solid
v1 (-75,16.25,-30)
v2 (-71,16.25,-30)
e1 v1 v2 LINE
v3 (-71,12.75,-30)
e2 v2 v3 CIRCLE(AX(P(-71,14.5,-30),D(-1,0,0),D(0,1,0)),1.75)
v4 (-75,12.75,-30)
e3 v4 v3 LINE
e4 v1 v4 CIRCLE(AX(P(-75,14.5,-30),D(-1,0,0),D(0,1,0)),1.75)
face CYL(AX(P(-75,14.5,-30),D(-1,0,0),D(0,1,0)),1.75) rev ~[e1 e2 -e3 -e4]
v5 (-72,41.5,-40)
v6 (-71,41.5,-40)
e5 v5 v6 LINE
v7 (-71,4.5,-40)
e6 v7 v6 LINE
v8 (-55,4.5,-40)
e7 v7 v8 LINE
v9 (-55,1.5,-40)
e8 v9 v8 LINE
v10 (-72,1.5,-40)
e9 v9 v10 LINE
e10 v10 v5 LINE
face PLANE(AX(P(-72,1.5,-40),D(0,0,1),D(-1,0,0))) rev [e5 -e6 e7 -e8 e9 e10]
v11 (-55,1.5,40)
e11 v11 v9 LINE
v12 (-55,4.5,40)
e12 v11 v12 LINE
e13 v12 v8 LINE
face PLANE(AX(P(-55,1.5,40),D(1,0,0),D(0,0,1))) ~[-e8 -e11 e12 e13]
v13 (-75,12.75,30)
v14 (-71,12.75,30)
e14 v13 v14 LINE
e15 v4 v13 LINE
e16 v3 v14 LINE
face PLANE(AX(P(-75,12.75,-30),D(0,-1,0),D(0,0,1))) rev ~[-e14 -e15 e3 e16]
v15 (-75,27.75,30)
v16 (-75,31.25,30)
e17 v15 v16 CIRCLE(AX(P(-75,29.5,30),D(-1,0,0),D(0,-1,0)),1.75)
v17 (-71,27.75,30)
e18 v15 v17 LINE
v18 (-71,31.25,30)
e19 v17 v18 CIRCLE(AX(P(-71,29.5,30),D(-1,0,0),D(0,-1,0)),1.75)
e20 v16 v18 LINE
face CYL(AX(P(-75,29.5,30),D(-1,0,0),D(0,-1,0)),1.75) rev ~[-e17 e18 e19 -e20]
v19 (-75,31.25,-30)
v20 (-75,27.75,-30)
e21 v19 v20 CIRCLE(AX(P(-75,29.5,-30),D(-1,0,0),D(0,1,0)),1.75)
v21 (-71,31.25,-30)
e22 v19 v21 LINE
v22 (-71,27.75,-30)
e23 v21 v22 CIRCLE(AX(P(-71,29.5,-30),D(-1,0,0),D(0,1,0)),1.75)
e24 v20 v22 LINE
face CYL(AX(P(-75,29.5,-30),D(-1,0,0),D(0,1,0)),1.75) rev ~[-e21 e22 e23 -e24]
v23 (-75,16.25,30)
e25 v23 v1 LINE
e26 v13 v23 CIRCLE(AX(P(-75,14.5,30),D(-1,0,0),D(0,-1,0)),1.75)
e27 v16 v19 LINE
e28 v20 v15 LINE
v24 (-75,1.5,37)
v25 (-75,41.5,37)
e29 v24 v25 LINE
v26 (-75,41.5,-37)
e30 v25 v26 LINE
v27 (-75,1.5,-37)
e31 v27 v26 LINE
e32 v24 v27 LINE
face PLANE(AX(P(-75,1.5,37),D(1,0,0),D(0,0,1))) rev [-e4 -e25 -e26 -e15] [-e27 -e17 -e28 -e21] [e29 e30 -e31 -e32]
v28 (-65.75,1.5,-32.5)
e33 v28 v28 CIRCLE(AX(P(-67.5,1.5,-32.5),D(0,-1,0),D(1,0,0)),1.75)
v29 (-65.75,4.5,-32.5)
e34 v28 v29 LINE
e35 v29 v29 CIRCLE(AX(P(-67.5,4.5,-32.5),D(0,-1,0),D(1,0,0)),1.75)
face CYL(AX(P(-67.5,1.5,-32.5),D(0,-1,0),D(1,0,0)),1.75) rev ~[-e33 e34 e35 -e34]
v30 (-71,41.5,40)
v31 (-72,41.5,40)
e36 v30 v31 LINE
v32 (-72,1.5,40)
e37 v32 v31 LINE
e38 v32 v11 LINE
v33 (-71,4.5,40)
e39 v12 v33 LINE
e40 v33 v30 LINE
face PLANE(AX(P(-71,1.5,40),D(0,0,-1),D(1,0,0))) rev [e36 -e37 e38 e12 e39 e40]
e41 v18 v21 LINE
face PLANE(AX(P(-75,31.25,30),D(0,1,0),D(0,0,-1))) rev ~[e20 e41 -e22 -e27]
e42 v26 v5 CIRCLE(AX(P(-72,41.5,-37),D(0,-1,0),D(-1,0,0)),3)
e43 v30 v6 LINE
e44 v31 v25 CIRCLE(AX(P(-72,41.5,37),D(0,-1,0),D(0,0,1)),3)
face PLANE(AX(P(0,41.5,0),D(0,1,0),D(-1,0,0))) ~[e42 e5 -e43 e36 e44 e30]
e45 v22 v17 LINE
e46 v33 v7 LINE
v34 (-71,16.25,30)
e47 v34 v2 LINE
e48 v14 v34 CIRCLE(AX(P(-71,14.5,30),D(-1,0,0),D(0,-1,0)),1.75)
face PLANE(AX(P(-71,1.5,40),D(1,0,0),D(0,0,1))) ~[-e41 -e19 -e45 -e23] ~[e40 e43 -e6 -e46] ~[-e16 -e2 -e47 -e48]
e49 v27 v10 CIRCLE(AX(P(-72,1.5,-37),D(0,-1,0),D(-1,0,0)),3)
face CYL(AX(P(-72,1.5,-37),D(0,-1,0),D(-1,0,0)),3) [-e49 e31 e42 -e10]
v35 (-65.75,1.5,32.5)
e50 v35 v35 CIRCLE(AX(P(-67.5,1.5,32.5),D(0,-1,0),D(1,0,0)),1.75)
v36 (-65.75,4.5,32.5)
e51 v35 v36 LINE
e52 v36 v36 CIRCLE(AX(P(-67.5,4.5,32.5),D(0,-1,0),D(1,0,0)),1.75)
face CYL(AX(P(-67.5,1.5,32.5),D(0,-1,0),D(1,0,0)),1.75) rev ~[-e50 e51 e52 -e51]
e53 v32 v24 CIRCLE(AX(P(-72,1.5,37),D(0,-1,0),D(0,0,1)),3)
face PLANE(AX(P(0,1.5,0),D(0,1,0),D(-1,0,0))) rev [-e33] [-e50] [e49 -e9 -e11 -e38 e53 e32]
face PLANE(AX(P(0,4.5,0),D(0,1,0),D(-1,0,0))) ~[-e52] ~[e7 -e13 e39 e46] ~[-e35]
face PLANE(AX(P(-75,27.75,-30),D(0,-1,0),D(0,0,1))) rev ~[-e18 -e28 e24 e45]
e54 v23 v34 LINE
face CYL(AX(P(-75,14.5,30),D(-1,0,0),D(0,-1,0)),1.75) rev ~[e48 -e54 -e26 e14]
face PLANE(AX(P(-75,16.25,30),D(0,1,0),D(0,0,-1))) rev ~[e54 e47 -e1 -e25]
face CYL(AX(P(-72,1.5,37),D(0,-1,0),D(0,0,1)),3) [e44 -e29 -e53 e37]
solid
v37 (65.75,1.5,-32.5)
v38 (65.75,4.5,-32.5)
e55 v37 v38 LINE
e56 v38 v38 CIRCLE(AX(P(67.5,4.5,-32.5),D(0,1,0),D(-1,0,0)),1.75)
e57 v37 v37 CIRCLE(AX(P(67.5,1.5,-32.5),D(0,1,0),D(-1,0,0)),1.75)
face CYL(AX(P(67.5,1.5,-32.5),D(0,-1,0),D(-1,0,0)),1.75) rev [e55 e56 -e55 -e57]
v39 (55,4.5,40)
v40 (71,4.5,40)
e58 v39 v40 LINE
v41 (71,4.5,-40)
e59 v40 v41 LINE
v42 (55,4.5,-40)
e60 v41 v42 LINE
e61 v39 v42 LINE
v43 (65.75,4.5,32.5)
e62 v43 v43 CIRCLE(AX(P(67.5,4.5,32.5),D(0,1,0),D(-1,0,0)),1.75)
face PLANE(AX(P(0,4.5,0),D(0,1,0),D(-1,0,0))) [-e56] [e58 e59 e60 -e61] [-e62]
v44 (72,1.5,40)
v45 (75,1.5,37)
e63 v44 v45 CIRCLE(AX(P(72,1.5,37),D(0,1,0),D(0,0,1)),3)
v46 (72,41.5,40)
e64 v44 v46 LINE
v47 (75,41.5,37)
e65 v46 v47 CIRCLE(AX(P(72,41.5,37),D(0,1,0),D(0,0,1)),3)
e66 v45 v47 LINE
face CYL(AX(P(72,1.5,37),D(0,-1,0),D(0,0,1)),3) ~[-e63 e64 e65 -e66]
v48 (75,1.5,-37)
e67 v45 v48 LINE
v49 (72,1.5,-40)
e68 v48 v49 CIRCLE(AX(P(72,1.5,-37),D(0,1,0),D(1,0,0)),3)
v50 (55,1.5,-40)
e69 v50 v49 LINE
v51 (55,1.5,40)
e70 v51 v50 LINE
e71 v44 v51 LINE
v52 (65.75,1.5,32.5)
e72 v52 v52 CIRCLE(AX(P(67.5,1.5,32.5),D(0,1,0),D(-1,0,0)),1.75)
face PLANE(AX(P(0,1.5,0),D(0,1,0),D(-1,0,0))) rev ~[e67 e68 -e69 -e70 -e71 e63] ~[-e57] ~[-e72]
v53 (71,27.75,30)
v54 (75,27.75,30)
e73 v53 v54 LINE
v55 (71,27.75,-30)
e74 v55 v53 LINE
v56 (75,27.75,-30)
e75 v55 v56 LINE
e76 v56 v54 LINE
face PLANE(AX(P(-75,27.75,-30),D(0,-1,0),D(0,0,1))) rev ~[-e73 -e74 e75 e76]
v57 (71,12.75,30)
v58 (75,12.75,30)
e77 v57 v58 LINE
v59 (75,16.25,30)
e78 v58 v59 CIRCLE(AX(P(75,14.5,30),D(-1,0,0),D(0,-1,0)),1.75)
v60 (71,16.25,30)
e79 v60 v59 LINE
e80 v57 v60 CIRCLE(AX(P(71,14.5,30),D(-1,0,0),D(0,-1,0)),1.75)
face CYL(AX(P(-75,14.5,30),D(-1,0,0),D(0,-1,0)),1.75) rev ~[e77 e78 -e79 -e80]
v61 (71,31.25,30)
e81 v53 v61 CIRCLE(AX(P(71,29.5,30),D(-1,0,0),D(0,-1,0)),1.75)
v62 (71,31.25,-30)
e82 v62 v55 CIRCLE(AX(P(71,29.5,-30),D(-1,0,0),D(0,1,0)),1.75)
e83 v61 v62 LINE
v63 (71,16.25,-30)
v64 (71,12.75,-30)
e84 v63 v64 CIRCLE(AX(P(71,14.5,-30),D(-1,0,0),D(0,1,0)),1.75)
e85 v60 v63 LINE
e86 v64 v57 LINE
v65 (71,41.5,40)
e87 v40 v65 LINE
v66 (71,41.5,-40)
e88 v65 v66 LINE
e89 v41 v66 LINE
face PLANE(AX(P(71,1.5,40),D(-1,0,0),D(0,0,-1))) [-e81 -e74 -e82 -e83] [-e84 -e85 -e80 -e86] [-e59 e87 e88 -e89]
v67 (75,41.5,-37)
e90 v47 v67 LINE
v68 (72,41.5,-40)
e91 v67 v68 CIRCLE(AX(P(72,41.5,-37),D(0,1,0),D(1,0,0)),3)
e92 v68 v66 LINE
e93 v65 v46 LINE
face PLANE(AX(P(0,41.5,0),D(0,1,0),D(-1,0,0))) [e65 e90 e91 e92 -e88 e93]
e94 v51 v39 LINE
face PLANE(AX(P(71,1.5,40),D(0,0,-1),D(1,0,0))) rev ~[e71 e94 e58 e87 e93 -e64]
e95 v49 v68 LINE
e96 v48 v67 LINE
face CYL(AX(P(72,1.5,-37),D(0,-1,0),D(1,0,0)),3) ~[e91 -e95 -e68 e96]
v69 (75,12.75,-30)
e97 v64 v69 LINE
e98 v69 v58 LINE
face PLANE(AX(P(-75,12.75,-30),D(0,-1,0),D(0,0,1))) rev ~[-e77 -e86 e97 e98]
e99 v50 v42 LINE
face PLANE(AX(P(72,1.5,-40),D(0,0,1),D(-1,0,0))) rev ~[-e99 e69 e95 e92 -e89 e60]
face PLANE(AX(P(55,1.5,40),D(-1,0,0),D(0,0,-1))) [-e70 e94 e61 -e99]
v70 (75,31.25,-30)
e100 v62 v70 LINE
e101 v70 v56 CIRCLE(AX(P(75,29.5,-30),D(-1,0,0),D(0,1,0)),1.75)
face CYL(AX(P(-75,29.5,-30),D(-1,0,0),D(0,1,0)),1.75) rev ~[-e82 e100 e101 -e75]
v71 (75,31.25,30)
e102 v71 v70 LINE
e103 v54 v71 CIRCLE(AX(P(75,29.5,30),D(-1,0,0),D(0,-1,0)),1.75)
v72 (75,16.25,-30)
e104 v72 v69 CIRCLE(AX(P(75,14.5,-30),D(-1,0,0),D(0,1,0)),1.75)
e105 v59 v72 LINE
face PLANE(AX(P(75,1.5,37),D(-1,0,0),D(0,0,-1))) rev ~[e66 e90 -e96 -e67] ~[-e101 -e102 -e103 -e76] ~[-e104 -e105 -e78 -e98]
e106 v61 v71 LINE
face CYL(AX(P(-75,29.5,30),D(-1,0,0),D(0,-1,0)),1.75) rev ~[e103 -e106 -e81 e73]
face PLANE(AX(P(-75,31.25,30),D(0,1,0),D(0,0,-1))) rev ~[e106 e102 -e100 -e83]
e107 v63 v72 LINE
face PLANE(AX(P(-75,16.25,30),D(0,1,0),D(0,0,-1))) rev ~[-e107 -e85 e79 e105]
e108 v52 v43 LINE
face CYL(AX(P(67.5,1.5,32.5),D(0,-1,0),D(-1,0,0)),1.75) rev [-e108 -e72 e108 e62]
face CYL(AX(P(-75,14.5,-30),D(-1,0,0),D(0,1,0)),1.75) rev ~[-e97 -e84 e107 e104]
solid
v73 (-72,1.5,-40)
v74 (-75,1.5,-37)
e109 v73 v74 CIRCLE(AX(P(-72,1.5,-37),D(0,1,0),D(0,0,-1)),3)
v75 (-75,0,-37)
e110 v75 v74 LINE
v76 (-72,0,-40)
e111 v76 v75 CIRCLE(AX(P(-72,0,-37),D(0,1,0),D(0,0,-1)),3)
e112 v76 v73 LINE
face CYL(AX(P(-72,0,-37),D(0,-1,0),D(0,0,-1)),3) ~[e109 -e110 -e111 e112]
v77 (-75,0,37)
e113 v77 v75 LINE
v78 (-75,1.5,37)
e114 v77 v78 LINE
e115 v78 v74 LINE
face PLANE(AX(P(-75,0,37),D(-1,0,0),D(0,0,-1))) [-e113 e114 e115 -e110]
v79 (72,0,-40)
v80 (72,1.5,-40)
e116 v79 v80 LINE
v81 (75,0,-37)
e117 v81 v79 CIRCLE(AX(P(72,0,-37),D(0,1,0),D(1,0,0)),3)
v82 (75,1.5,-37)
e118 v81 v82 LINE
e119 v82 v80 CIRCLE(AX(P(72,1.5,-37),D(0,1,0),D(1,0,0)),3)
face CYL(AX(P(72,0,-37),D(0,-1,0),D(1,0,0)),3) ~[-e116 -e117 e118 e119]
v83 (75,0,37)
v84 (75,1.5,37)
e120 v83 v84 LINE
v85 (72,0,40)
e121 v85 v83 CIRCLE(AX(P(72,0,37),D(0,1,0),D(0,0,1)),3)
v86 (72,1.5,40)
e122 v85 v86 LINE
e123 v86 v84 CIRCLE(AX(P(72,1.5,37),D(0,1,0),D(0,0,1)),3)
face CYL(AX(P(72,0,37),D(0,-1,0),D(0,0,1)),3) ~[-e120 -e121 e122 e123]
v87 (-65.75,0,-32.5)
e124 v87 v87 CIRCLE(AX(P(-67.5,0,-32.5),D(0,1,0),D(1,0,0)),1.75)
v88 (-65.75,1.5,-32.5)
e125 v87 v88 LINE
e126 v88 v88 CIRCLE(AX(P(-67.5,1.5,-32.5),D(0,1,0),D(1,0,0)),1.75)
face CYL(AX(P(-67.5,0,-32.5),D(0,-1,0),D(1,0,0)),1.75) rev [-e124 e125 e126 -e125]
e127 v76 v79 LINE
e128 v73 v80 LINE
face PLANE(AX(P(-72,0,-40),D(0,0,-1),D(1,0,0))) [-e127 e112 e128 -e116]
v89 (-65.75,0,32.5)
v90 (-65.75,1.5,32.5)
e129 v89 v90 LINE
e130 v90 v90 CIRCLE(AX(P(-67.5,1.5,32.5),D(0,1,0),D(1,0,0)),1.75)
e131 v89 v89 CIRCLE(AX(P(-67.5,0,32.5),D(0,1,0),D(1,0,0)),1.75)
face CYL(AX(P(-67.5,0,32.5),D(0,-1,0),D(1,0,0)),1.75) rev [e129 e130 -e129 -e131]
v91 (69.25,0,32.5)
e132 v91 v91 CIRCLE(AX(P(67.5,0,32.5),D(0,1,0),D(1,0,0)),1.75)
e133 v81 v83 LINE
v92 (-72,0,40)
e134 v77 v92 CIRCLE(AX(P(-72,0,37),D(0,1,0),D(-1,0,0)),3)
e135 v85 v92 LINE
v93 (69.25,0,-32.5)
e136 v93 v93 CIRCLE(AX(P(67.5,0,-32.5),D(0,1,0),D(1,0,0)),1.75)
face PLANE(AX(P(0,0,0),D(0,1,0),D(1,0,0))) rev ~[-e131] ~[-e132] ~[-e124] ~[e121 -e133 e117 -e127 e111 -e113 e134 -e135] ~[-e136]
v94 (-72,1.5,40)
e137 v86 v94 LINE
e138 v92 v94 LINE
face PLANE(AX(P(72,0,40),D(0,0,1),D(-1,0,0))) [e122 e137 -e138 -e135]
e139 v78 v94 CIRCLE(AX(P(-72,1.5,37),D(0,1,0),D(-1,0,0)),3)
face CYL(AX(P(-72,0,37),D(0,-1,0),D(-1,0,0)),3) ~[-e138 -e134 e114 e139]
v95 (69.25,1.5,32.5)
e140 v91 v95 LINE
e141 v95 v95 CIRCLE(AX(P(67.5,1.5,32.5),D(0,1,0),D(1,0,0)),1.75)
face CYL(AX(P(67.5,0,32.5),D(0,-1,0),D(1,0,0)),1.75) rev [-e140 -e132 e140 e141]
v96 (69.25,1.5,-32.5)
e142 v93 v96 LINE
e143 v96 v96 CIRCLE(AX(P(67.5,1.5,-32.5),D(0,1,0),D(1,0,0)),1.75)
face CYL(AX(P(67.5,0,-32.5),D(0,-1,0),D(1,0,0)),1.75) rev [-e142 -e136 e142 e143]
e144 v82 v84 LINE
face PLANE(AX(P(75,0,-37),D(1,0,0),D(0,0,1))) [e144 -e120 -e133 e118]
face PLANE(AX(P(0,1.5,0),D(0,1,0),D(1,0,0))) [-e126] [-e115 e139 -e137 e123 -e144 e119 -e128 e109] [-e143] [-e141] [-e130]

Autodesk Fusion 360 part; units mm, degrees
sketch "Sketch1" plane through (0, 0, 0) normal (0, 1, 0) x (1, 0, 0) in component "PCB Profile"
  line L0 (72, -40) -> (-72, -40)
  line L1 (-75, -37) -> (-75, 37)
  line L2 (-72, 40) -> (72, 40)
  line L3 (75, 37) -> (75, -37)
  line L4 (75, -40) -> (-75, 40) construction
  line L5 (-75, -40) -> (75, 40) construction
  arc A0 (-75, -37) -> (-72, -40) centre (-72, -37) ccw
  arc A1 (72, -40) -> (75, -37) centre (72, -37) ccw
  arc A2 (75, 37) -> (72, 40) centre (72, 37) ccw
  arc A3 (-72, 40) -> (-75, 37) centre (-72, 37) ccw
  circle A4 centre (67.5, -32.5) radius 1.75
  line L6 (0, 0) -> (0, -40) construction
  line L7 (0, 0) -> (-75, 0) construction
  circle A5 centre (-67.5, -32.5) radius 1.75
  circle A6 centre (-67.5, 32.5) radius 1.75
  circle A7 centre (67.5, 32.5) radius 1.75
  point P0 (-67.5, -32.5)
  dimension "d1" = 3
  dimension "d2" = 150
  dimension "d3" = 80
  dimension "d8" = 3.5
  dimension "d9" = 67.5
  dimension "d10" = 32.5
  dimension "d16" = 7.5
  dimension "d17" = 7.5
extrude "Extrude1" add sketch "Sketch1" along normal blind 1.5 makes body 1 in component "PCB Profile"
sketch "Sketch1 (2)" plane through (0, 1.5, 0) normal (0, 1, 0) x (-1, 0, 0) in component "Rack Mounts"
  arc A0 (-75, -37) -> (-72, -40) centre (-72, -37) ccw
  line L0 (-72, -40) -> (72, -40)
  arc A1 (72, -40) -> (75, -37) centre (72, -37) ccw
  line L1 (75, -37) -> (75, 37)
  arc A2 (75, 37) -> (72, 40) centre (72, 37) ccw
  line L2 (72, 40) -> (-72, 40)
  arc A3 (-72, 40) -> (-75, 37) centre (-72, 37) ccw
  line L3 (-75, 37) -> (-75, -37)
  line L4 (-55, 40) -> (-55, -40)
  line L5 (55, 40) -> (55, -40)
  circle A4 centre (-67.5, 32.5) radius 1.75
  circle A5 centre (-67.5, -32.5) radius 1.75
  circle A6 centre (67.5, -32.5) radius 1.75
  circle A7 centre (67.5, 32.5) radius 1.75
  line L6 (-71, 40) -> (-71, -40)
  dimension "d6" = 20
  dimension "d7" = 20
  dimension "d11" = 4
extrude "Extrude1'" add sketch "Sketch1 (2)" along normal blind 40 separate body contours A0 L0 L2 A3 L3 L6 makes body 2 in component "Rack Mounts"
extrude "Extrude2" add sketch "Sketch1 (2)" along normal blind 3 contours L0 L2 L4 L6 bodies 2 in component "Rack Mounts"
mirror "Mirror1" about plane through (0, 0, 0) normal (1, 0, 0) of bodies 2 makes body 3 in component "Rack Mounts"
sketch "Sketch2" plane through (-75, 0, 0) normal (-1, 0, 0) x (0, -1, 0) in component "Rack Mounts"
  line L0 (-1.5, -37) -> (-1.5, 37)
  line L1 (-1.5, 37) -> (-41.5, 37)
  line L2 (-41.5, 37) -> (-41.5, -37)
  line L3 (-41.5, -37) -> (-1.5, -37)
  line L4 (-31.25, 30) -> (-31.25, -30)
  arc A0 (-31.25, -30) -> (-27.75, -30) centre (-29.5, -30) ccw
  line L5 (-27.75, -30) -> (-27.75, 30)
  arc A1 (-27.75, 30) -> (-31.25, 30) centre (-29.5, 30) ccw
  line L6 (-29.5, 30) -> (-29.5, -30) construction
  line L7 (-16.25, 30) -> (-16.25, -30)
  arc A2 (-16.25, -30) -> (-12.75, -30) centre (-14.5, -30) ccw
  line L8 (-12.75, -30) -> (-12.75, 30)
  arc A3 (-12.75, 30) -> (-16.25, 30) centre (-14.5, 30) ccw
  line L9 (-14.5, 30) -> (-14.5, -30) construction
  line L10 (-1.5, -40) -> (-41.5, -40)
  line L11 (-1.5, 40) -> (-41.5, 40)
  point P0 (-4.5, 40)
  dimension "d20" = 1.75
  dimension "d21" = 15
  dimension "d22" = 10
  dimension "d23" = 10
  dimension "d24" = 10
extrude "Extrude3" cut sketch "Sketch2" against normal through all contours L4 A0 L5 A1 | L7 A2 L8 A3 bodies 2 3 in component "Rack Mounts"
component "PCB Profile" placed x (1, 0, 0) y (0, 1, 0) z (0, 0, 1) at (0, 0, 0)
component "Rack Mounts" placed x (1, 0, 0) y (0, 1, 0) z (0, 0, 1) at (0, 0, 0)
equation "d7 = d6"
equation "d20 = ( 3.5 / 2 ) * 1 mm"
